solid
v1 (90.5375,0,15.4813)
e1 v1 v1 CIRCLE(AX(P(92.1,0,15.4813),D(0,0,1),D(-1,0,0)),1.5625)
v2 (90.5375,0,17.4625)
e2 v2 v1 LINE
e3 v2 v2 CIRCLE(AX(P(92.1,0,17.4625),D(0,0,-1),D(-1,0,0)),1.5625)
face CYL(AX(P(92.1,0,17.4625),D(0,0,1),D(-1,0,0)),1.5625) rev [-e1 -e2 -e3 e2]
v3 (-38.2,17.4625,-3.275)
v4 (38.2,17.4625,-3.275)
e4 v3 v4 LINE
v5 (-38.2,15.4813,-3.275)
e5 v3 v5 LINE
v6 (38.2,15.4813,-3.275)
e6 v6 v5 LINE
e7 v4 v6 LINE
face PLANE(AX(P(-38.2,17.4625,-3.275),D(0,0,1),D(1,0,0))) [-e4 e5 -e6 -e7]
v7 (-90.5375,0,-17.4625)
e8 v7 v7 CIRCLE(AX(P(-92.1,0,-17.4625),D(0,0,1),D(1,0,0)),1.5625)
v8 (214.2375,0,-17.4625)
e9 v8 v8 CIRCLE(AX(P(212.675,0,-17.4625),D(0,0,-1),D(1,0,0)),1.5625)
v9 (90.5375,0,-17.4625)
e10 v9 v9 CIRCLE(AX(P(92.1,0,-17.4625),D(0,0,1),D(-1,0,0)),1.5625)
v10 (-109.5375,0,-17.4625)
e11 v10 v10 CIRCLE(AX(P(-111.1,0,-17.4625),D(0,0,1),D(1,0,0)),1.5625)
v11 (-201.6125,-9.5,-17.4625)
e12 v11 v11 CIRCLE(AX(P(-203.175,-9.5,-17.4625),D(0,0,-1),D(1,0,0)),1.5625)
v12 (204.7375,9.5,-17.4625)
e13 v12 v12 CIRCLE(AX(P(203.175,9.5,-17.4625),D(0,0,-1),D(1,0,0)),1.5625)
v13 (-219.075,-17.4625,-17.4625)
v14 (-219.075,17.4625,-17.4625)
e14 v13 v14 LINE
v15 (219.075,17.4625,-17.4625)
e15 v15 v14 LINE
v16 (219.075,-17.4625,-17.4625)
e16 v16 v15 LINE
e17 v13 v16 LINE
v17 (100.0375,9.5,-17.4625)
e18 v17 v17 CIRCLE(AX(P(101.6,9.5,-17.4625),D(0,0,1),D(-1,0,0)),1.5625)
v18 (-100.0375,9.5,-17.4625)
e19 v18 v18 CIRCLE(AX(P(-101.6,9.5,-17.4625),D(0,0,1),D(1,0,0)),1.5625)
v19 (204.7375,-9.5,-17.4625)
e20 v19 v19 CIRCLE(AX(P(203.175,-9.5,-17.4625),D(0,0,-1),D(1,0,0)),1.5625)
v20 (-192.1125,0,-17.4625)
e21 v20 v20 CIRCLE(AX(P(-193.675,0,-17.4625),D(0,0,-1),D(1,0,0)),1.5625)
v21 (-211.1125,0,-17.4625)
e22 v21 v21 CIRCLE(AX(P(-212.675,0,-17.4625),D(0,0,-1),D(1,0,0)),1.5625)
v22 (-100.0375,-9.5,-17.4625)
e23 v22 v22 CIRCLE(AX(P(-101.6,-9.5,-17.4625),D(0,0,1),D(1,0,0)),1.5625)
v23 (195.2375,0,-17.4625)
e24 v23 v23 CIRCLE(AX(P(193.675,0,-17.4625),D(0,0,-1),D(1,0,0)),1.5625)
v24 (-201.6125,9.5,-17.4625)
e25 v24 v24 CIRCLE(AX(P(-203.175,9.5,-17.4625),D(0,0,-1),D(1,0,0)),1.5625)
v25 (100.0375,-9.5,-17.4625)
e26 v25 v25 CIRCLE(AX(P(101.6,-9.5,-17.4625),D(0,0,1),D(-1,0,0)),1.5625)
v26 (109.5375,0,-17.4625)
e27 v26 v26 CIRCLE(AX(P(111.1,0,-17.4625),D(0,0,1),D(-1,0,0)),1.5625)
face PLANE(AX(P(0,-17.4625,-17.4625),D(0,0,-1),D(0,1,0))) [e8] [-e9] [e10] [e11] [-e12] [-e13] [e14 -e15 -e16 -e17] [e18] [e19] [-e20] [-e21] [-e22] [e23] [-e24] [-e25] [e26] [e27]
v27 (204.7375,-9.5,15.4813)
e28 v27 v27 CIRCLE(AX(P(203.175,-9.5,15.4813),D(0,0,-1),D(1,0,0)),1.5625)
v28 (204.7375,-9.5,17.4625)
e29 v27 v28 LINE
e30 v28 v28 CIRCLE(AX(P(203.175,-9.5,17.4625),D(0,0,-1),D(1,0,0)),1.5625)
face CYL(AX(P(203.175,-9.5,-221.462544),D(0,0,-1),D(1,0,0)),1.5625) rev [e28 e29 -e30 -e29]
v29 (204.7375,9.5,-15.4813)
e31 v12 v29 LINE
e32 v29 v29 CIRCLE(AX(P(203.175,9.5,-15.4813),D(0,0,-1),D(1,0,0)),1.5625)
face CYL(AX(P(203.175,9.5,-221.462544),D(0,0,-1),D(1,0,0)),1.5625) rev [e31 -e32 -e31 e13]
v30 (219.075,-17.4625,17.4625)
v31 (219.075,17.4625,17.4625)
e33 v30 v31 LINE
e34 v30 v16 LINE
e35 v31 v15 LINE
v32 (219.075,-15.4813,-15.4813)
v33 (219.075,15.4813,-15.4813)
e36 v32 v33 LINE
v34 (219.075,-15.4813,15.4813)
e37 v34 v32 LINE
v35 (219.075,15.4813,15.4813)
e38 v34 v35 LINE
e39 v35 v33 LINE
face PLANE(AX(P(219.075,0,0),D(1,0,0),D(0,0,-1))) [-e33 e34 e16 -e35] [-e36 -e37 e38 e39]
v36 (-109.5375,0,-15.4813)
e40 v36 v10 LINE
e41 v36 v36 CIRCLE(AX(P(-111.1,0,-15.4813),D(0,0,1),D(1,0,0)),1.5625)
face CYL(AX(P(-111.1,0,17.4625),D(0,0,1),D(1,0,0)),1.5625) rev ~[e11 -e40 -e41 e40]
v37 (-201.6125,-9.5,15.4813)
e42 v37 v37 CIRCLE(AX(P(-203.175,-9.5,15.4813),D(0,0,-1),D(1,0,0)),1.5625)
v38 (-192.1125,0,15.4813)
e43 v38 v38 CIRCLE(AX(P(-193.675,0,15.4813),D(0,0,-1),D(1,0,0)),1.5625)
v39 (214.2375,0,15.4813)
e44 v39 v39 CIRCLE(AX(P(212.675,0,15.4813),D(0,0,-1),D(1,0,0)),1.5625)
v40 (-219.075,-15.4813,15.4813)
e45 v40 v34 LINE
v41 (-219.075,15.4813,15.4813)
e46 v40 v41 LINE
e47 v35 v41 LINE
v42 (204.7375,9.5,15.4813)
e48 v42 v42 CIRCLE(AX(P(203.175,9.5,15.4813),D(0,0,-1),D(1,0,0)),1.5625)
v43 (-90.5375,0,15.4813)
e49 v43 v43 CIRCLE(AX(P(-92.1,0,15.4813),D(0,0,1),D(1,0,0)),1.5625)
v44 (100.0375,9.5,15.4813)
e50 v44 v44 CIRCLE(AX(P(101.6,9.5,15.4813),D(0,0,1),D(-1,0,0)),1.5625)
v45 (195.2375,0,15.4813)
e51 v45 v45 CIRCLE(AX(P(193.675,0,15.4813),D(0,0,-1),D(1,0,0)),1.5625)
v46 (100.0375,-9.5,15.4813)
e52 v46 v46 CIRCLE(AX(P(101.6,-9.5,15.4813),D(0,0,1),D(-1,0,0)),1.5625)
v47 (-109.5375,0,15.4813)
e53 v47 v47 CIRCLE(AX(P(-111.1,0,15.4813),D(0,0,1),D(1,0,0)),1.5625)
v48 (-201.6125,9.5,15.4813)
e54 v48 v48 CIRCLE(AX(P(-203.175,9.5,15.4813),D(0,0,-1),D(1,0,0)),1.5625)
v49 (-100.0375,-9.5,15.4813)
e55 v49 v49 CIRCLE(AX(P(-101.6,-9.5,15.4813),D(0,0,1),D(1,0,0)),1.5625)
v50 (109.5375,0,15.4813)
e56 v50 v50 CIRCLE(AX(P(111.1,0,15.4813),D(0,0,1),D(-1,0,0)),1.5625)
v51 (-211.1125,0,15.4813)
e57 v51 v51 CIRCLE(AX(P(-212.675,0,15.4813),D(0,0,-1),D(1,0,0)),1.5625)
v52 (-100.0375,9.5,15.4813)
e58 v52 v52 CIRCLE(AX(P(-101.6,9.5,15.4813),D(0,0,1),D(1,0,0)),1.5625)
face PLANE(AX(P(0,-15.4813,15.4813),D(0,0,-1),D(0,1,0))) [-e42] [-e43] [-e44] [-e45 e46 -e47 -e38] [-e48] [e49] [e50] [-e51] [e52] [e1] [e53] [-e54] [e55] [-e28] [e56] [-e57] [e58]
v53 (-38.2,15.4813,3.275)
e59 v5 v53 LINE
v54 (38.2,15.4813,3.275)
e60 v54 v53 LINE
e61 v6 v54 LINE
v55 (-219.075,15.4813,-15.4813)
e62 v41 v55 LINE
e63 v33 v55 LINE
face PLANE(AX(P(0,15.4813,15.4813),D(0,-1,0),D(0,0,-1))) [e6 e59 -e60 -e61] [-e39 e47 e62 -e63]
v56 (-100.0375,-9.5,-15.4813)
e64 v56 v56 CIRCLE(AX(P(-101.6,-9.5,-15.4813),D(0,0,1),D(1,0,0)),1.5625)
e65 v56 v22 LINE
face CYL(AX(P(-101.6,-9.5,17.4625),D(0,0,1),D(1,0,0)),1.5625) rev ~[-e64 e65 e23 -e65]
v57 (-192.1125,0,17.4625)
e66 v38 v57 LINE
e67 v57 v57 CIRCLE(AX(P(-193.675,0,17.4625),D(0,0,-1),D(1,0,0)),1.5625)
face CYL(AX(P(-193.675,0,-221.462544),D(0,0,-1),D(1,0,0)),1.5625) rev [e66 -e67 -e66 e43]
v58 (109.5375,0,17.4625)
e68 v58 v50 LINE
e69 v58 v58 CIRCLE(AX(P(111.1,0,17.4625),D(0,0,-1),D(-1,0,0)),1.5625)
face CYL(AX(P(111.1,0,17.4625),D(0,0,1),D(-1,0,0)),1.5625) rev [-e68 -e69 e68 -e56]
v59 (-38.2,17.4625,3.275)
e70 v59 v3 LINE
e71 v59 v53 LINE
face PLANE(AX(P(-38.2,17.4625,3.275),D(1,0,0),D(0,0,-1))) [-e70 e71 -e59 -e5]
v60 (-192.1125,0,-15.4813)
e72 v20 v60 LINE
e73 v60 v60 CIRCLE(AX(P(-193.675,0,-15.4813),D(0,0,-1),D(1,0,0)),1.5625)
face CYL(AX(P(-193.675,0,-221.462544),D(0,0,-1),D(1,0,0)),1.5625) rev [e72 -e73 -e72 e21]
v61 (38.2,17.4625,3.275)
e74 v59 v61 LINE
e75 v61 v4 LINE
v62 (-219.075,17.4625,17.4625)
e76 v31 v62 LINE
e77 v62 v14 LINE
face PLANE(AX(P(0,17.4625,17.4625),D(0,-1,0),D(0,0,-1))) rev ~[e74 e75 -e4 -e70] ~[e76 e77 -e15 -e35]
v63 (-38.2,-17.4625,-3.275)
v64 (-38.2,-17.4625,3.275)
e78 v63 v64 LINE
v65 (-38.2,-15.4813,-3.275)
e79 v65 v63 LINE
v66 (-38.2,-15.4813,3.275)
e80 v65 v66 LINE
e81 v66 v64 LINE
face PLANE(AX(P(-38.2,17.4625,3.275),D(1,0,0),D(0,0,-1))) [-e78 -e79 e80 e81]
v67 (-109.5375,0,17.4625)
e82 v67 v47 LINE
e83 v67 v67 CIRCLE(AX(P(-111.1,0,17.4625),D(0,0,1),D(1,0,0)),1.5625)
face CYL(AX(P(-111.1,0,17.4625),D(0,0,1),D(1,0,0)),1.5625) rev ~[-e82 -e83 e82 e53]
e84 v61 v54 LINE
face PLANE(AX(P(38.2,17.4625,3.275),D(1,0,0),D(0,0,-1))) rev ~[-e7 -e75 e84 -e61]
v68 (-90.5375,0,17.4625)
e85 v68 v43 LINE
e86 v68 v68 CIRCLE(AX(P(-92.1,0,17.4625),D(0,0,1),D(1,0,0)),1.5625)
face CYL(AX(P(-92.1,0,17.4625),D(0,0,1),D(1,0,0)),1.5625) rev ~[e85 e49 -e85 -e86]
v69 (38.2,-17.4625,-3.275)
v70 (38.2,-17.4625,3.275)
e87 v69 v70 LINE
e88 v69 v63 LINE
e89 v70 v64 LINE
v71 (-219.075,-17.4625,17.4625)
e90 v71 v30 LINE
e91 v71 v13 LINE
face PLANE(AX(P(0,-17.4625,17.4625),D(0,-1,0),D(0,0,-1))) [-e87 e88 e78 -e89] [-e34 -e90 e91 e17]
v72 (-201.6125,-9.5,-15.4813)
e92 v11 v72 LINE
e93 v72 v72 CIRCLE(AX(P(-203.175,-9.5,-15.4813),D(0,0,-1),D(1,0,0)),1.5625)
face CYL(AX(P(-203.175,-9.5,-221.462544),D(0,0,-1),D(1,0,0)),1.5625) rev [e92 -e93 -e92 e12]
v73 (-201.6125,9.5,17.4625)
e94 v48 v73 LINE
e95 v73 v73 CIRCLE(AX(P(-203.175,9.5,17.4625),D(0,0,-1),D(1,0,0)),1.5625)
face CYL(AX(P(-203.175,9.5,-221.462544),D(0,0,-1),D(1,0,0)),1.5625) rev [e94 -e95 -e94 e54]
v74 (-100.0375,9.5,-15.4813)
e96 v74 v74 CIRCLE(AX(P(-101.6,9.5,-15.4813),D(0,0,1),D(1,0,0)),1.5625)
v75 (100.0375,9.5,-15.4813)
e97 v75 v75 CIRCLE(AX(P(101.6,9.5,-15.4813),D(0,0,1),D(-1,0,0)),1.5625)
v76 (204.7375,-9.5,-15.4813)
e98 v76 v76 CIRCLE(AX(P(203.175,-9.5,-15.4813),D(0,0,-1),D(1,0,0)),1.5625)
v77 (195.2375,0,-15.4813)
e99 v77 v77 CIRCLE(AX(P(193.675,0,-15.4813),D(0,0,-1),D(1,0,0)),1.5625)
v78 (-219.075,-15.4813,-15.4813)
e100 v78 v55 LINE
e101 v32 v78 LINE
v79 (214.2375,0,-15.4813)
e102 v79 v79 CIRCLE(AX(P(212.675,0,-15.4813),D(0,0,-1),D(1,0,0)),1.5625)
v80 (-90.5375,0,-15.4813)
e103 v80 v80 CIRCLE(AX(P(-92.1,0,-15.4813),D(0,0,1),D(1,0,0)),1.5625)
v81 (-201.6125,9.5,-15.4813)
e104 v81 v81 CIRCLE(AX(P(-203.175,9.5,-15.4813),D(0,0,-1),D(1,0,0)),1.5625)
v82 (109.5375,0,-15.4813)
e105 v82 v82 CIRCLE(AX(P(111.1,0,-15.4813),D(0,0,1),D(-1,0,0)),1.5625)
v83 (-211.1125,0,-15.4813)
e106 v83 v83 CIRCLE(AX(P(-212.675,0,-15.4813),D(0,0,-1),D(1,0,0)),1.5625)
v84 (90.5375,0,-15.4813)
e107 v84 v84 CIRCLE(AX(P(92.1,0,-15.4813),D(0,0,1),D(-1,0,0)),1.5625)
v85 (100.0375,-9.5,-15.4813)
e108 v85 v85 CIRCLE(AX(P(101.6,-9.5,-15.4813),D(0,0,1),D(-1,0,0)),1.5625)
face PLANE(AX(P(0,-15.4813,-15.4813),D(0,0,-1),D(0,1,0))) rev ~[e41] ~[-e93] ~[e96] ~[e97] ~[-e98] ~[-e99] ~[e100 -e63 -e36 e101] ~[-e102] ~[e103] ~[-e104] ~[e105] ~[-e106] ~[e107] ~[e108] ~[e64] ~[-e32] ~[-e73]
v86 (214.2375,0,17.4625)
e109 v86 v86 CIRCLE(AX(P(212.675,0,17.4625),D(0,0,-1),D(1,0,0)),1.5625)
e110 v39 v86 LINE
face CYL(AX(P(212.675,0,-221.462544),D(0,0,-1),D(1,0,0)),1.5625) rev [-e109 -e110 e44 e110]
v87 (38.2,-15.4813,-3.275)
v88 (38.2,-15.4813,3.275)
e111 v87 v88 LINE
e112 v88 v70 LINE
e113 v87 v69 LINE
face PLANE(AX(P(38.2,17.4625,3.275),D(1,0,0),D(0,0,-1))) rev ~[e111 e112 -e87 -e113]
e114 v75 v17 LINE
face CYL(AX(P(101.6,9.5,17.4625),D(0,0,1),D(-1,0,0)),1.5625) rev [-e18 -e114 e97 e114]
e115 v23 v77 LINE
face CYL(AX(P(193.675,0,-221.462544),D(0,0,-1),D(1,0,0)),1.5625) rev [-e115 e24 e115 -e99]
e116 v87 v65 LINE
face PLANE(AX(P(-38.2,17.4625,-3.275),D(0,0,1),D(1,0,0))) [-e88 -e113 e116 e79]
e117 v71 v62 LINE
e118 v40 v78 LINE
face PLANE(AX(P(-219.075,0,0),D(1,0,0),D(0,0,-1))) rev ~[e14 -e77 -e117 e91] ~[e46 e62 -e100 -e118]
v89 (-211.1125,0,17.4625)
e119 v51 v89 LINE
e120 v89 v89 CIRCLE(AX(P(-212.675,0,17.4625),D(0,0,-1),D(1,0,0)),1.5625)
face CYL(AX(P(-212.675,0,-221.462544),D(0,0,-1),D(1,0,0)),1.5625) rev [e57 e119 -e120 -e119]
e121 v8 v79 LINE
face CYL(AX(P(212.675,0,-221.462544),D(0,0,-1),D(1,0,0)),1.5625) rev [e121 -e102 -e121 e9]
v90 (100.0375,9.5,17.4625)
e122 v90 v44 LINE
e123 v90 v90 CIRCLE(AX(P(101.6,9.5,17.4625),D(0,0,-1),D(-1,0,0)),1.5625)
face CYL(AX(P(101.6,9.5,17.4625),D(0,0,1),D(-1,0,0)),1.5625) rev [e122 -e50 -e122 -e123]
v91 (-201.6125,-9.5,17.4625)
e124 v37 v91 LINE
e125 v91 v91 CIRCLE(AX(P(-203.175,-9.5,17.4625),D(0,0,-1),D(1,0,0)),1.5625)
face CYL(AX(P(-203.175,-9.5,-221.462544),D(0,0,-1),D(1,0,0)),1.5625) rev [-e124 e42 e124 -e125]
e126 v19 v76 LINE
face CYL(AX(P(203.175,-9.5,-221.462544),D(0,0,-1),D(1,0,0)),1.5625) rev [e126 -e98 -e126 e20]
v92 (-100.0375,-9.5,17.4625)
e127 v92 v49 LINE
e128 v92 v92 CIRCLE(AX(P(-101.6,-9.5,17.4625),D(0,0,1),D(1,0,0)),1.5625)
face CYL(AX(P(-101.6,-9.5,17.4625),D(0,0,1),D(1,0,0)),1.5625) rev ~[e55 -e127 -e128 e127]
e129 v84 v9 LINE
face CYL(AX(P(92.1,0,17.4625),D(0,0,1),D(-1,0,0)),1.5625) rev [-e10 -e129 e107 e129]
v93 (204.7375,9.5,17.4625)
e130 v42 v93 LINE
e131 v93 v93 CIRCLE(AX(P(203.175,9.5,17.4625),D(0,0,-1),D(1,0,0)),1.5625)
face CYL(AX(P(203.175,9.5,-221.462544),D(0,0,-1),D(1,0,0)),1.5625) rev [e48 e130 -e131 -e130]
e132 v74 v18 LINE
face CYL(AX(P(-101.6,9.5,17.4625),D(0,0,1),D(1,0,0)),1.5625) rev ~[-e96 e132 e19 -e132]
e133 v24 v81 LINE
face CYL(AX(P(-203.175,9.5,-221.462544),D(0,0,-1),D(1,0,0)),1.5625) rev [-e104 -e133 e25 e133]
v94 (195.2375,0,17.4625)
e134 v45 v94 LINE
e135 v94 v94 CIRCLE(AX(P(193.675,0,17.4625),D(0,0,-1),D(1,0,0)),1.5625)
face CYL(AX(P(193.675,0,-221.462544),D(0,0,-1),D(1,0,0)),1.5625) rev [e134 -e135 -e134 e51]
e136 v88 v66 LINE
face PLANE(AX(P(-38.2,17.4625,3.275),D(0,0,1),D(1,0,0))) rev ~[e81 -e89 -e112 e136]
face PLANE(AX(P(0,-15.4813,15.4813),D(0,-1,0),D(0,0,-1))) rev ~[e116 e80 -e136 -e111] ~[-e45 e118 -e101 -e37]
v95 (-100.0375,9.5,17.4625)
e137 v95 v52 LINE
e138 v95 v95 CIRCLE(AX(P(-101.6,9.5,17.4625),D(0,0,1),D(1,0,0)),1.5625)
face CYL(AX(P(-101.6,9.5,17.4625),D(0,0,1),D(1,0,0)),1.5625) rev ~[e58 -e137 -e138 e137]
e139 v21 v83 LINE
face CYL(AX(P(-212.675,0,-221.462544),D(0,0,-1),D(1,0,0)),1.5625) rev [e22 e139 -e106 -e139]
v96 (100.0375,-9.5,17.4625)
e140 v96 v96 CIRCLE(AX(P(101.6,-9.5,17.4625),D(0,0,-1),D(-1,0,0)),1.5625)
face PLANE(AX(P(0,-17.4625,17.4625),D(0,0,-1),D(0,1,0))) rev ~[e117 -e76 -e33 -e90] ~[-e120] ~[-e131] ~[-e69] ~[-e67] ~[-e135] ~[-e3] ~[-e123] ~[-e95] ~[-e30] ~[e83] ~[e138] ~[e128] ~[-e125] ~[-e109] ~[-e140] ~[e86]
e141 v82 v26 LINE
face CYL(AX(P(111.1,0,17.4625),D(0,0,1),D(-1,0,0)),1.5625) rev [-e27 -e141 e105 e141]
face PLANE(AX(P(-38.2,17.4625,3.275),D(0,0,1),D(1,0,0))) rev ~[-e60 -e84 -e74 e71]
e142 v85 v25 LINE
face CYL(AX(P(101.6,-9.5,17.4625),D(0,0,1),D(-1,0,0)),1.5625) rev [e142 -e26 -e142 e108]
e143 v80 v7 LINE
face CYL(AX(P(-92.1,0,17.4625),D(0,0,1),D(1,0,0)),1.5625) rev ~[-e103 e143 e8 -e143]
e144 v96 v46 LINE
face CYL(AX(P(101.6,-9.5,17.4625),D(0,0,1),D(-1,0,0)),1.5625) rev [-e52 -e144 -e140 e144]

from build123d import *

# Parameters (mm, degrees)
SKETCH1_W               = 34.925
SKETCH1_H               = 34.925
SKETCH1_W_2             = 30.9626
SKETCH1_H_2             = 30.9626
BOSS_EXTRUDE1_DEPTH     = 219.075
SKETCH2_W               = 76.400000108
SKETCH2_H               = 6.550000108
CUT_EXTRUDE1_DEPTH      = 223.527639084
CUT_EXTRUDE3_DEPTH      = 221.462544296
CUT_EXTRUDE3_DEPTH_BACK = 221.462544296
SKETCH5_R               = 1.56250005
SKETCH6_R               = 1.56250005
CUT_EXTRUDE5_DEPTH      = 223.527639084


with BuildPart() as part:
    # Sketch1 → Boss-Extrude1 (new, symmetric)
    with BuildSketch(Plane(origin=(0, 0, 0), x_dir=(0, 0, -1), z_dir=(1, 0, 0))):
        Rectangle(SKETCH1_W, SKETCH1_H)
        Rectangle(SKETCH1_W_2, SKETCH1_H_2, mode=Mode.SUBTRACT)
    extrude(amount=BOSS_EXTRUDE1_DEPTH, both=True)

    # Sketch2 → Cut-Extrude1 (cut, through all)
    with BuildSketch(Plane(origin=(0, 17.4625, 0), x_dir=(1, 0, 0), z_dir=(0, 1, 0))):
        Rectangle(SKETCH2_W, SKETCH2_H)
    extrude(amount=-CUT_EXTRUDE1_DEPTH, mode=Mode.SUBTRACT)

    # Sketch5 → Cut-Extrude3 (cut, two sides: drawn at the far end of the back side and taken through both)
    with BuildSketch(Plane.XY.offset(-CUT_EXTRUDE3_DEPTH_BACK)):
        with Locations((-203.175, 9.5)):
            Circle(SKETCH5_R)
        with Locations((-193.675, 0)):
            Circle(SKETCH5_R)
        with Locations((-203.175, -9.5)):
            Circle(SKETCH5_R)
        with Locations((-212.675, 0)):
            Circle(SKETCH5_R)
        with Locations((212.675, 0)):
            Circle(SKETCH5_R)
        with Locations((203.175, -9.5)):
            Circle(SKETCH5_R)
        with Locations((193.675, 0)):
            Circle(SKETCH5_R)
        with Locations((203.175, 9.5)):
            Circle(SKETCH5_R)
    extrude(amount=CUT_EXTRUDE3_DEPTH + CUT_EXTRUDE3_DEPTH_BACK, mode=Mode.SUBTRACT)

    # Sketch6 → Cut-Extrude5 (cut, through all)
    with BuildSketch(Plane.XY.offset(17.4625)):
        with Locations((-101.6, 9.5)):
            Circle(SKETCH6_R)
        with Locations((-92.1, 0)):
            Circle(SKETCH6_R)
        with Locations((-101.6, -9.5)):
            Circle(SKETCH6_R)
        with Locations((-111.1, 0)):
            Circle(SKETCH6_R)
    cut_extrude5 = extrude(amount=-CUT_EXTRUDE5_DEPTH, mode=Mode.SUBTRACT)

    # Mirror1: Cut-Extrude5 across plane
    add(cut_extrude5.mirror(Plane(origin=(0, 0, 0), x_dir=(0, 0, 1), z_dir=(1, 0, 0))), mode=Mode.SUBTRACT)


solid = part.part
